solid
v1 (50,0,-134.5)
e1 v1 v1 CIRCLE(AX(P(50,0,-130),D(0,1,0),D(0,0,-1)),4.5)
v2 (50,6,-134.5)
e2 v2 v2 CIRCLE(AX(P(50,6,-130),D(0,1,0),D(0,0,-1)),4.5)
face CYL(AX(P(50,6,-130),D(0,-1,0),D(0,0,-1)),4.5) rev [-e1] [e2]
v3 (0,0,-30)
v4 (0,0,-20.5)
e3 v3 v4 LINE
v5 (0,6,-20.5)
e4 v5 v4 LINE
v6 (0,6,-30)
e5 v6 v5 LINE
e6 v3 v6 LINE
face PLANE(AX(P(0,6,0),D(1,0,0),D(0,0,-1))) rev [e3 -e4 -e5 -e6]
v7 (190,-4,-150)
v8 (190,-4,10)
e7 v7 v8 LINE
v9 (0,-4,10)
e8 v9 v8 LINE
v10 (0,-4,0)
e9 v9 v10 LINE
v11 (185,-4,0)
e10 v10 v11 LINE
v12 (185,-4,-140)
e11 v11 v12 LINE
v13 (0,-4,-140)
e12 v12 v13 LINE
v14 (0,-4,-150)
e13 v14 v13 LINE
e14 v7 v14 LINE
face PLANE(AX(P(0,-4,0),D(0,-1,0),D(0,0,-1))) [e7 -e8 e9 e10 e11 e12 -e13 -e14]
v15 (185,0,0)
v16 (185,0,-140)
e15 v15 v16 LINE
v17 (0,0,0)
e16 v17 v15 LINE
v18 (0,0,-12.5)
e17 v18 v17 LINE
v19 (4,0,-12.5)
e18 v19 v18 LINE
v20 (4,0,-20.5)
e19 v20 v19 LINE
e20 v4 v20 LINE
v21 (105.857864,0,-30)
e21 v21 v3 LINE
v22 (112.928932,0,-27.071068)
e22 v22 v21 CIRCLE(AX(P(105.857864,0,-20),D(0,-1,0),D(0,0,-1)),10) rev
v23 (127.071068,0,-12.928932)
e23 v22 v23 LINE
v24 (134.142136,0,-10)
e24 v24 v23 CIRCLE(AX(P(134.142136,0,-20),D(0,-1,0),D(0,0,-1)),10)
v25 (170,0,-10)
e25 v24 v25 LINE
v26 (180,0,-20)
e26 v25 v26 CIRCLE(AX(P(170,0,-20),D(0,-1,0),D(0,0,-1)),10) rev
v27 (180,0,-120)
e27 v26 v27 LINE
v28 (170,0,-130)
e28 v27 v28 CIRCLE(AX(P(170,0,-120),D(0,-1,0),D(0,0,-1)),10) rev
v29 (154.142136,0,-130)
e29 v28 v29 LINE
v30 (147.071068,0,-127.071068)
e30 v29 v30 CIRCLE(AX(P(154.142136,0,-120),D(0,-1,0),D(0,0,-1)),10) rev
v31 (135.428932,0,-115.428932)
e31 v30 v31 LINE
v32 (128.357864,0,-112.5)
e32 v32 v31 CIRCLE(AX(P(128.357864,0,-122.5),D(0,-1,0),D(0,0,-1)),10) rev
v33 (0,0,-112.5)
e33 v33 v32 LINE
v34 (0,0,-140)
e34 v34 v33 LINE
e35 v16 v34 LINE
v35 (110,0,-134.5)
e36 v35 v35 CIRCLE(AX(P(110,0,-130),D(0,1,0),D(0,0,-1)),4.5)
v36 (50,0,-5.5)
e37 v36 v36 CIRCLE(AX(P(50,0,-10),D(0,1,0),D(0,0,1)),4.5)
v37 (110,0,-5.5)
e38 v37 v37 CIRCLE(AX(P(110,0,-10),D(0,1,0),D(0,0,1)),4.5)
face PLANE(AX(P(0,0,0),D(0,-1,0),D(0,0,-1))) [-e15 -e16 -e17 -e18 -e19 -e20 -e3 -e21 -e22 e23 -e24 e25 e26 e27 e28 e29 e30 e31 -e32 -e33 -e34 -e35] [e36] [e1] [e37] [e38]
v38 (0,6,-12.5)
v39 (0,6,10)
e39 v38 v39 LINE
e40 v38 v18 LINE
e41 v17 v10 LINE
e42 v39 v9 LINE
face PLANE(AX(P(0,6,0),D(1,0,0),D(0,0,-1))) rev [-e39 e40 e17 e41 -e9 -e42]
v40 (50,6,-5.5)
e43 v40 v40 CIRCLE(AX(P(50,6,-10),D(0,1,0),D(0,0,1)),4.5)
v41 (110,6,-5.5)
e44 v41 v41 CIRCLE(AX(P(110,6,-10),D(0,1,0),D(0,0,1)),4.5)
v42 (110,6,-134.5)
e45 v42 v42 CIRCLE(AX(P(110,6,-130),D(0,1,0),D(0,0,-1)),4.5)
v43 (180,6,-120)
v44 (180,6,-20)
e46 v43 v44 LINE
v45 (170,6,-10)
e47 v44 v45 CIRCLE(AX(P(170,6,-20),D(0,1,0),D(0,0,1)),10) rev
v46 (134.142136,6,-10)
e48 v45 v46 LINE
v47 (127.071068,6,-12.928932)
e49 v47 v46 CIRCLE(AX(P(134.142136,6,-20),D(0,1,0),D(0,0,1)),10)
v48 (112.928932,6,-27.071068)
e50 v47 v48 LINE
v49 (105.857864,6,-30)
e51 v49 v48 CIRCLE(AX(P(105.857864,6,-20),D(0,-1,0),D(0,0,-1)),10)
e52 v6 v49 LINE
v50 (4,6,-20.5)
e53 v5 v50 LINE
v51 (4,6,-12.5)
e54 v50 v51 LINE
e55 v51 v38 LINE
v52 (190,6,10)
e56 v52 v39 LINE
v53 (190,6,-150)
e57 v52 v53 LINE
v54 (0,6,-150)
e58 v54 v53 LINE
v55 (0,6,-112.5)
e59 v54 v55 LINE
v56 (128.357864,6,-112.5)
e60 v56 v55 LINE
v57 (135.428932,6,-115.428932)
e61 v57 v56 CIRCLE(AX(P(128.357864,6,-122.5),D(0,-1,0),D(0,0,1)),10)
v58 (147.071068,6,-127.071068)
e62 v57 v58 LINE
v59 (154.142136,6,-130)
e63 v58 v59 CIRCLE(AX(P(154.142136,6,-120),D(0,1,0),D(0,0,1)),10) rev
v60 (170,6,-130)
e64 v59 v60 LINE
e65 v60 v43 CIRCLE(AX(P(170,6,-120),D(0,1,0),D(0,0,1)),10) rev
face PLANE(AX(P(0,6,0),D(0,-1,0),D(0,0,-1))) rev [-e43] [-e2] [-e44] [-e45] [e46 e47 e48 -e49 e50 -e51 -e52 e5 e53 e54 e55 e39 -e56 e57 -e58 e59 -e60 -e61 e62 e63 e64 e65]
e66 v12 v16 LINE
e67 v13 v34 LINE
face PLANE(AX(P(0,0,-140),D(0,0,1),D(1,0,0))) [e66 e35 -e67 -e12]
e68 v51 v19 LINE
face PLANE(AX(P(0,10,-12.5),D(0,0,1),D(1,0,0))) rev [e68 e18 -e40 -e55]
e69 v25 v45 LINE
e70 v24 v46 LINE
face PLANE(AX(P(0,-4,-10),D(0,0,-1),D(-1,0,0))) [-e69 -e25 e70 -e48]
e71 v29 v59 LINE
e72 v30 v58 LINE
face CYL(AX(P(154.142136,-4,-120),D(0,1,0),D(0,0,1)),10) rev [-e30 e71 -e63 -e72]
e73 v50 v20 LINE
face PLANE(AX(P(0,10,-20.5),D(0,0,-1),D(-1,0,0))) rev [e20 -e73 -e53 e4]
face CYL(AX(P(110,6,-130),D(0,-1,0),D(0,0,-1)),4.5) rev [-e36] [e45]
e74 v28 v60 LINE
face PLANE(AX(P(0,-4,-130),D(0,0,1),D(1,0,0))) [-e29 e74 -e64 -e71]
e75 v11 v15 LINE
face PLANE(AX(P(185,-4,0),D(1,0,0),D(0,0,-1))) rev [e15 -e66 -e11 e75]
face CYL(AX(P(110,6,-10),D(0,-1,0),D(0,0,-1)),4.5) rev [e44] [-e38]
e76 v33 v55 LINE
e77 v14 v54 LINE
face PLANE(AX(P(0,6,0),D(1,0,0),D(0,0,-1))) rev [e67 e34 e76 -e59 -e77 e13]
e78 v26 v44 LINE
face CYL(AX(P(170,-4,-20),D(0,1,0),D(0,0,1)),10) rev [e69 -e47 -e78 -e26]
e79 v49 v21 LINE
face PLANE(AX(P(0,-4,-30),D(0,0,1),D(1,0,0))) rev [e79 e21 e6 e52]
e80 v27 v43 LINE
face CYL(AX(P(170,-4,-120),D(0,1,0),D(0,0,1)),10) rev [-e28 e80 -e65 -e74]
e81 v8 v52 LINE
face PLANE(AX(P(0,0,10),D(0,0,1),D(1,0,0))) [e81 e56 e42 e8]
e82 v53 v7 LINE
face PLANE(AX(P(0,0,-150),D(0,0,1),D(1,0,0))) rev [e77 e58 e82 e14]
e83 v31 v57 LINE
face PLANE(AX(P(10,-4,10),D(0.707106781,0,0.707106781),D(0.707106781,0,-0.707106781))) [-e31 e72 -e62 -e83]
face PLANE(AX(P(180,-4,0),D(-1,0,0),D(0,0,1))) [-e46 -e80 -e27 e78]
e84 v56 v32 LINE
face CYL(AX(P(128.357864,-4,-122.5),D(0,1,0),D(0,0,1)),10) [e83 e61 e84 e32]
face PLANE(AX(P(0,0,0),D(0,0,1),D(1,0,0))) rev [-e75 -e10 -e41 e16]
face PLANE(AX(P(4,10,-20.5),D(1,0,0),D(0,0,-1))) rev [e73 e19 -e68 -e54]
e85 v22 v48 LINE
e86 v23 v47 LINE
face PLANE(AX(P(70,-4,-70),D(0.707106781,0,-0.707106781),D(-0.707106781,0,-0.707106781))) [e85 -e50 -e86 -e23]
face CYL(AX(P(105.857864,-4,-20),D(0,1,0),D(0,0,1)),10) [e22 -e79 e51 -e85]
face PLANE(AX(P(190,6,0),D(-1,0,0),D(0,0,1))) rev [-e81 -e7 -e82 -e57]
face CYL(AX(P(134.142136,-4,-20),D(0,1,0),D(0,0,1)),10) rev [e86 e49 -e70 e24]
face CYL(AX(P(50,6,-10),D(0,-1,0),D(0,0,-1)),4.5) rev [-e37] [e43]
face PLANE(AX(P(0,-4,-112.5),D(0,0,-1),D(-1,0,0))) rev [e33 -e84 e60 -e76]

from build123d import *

# Parameters (mm, degrees)
SKETCH1_W           = 190
SKETCH1_H           = 140
BOSS_EXTRUDE1_DEPTH = 6
CUT_EXTRUDE1_DEPTH  = 10
SKETCH4_W           = 5
SKETCH4_H           = 140
BOSS_EXTRUDE4_DEPTH = 4
SKETCH8_W           = 190
SKETCH8_H           = 10
BOSS_EXTRUDE8_DEPTH = 10
SKETCH9_W           = 190
SKETCH9_H           = 10
BOSS_EXTRUDE9_DEPTH = 10
SKETCH10_W          = 4
SKETCH10_H          = 8
CUT_EXTRUDE3_DEPTH  = 10
SKETCH11_R          = 3
CUT_EXTRUDE4_DEPTH  = 10
SKETCH12_R          = 4.5
CUT_EXTRUDE6_DEPTH  = 243.148714636
SKETCH3_W           = 150
SKETCH3_H           = 82.5
CUT_EXTRUDE7_DEPTH  = 10
CUT_EXTRUDE9_DEPTH  = 10


with BuildPart() as part:
    # Sketch1 → Boss-Extrude1 (new body)
    with BuildSketch(Plane(origin=(0, 0, 0), x_dir=(1, 0, 0), z_dir=(0, 1, 0))):
        with Locations((95, 70)):
            Rectangle(SKETCH1_W, SKETCH1_H)
    extrude(amount=BOSS_EXTRUDE1_DEPTH)

    # Sketch2 → Cut-Extrude1 (cut)
    with BuildSketch(Plane(origin=(0, 6, 0), x_dir=(1, 0, 0), z_dir=(0, 1, 0))):
        with BuildLine():
            Line((147.071067812, 127.071067812), (112.928932188, 92.928932188))
            ThreePointArc((112.928932188, 92.928932188), (109.6846987, 90.761204675), (105.857864376, 90))
            Line((105.857864376, 90), (0, 90))
            Line((0, 90), (0, 77.5))
            Line((0, 77.5), (94.092172608, 77.5))
            ThreePointArc((94.092172608, 77.5), (95.939931673, 76.265366865), (95.50638617, 74.085786438))
            Line((95.50638617, 74.085786438), (86.849531921, 65.428932188))
            ThreePointArc((86.849531921, 65.428932188), (83.605298432, 63.261204675), (79.778464109, 62.5))
            Line((79.778464109, 62.5), (30.446951372, 62.5))
            Line((30.446951372, 62.5), (0, 62.5))
            Line((0, 62.5), (0, 47.5))
            Line((0, 47.5), (88.357864376, 47.5))
            ThreePointArc((88.357864376, 47.5), (92.1846987, 46.738795325), (95.428932188, 44.571067812))
            Line((95.428932188, 44.571067812), (127.071067812, 12.928932188))
            ThreePointArc((127.071067812, 12.928932188), (130.3153013, 10.761204675), (134.142135624, 10))
            Line((134.142135624, 10), (170, 10))
            ThreePointArc((170, 10), (177.071067812, 12.928932188), (180, 20))
            Line((180, 20), (180, 120))
            ThreePointArc((180, 120), (177.071067812, 127.071067812), (170, 130))
            Line((170, 130), (154.142135624, 130))
            ThreePointArc((154.142135624, 130), (150.3153013, 129.238795325), (147.071067812, 127.071067812))
        make_face()
        with BuildLine():
            Line((94.092172608, 77.5), (0, 77.5))
            Line((0, 77.5), (0, 62.5))
            Line((0, 62.5), (30.446951372, 62.5))
            Line((30.446951372, 62.5), (79.778464109, 62.5))
            ThreePointArc((79.778464109, 62.5), (83.605298432, 63.261204675), (86.849531921, 65.428932188))
            Line((86.849531921, 65.428932188), (95.50638617, 74.085786438))
            ThreePointArc((95.50638617, 74.085786438), (95.939931673, 76.265366865), (94.092172608, 77.5))
        make_face()
    extrude(amount=-CUT_EXTRUDE1_DEPTH, mode=Mode.SUBTRACT)

    # Sketch4 → Boss-Extrude4 (add)
    with BuildSketch(Plane.XZ):
        with Locations((187.5, -70)):
            Rectangle(SKETCH4_W, SKETCH4_H)
    extrude(amount=BOSS_EXTRUDE4_DEPTH)

    # Sketch8 → Boss-Extrude8 (add)
    with BuildSketch(Plane.XY):
        with Locations((95, 1)):
            Rectangle(SKETCH8_W, SKETCH8_H)
    extrude(amount=BOSS_EXTRUDE8_DEPTH)

    # Sketch9 → Boss-Extrude9 (add)
    with BuildSketch(Plane(origin=(0, 0, -140), x_dir=(-1, 0, 0), z_dir=(0, 0, -1))):
        with Locations((-95, 1)):
            Rectangle(SKETCH9_W, SKETCH9_H)
    extrude(amount=BOSS_EXTRUDE9_DEPTH)

    # Sketch10 → Cut-Extrude3 (cut)
    with BuildSketch(Plane.XZ):
        with Locations((2, -16.5)):
            Rectangle(SKETCH10_W, SKETCH10_H)
    extrude(amount=-CUT_EXTRUDE3_DEPTH, mode=Mode.SUBTRACT)

    # Sketch11 → Cut-Extrude4 (cut)
    with BuildSketch(Plane(origin=(0, 6, 0), x_dir=(1, 0, 0), z_dir=(0, 1, 0))):
        with Locations(Location((50, 10, 0), (0, 0, 270))):
            Circle(SKETCH11_R)
        with Locations(Location((110, 10, 0), (0, 0, 270))):
            Circle(SKETCH11_R)
        with Locations(Location((110, 130, 0), (0, 0, 90))):
            Circle(SKETCH11_R)
        with Locations(Location((50, 130, 0), (0, 0, 90))):
            Circle(SKETCH11_R)
    extrude(amount=-CUT_EXTRUDE4_DEPTH, mode=Mode.SUBTRACT)

    # Sketch12 → Cut-Extrude6 (cut, through all)
    with BuildSketch(Plane(origin=(0, 0, 0), x_dir=(1, 0, 0), z_dir=(0, 1, 0))):
        with Locations(Location((50, 10, 0), (0, 0, 270))):
            Circle(SKETCH12_R)
        with Locations(Location((110, 10, 0), (0, 0, 270))):
            Circle(SKETCH12_R)
        with Locations(Location((110, 130, 0), (0, 0, 90))):
            Circle(SKETCH12_R)
        with Locations(Location((50, 130, 0), (0, 0, 90))):
            Circle(SKETCH12_R)
    extrude(amount=CUT_EXTRUDE6_DEPTH, mode=Mode.SUBTRACT)

    # Sketch3 → Cut-Extrude7 (cut)
    with BuildSketch(Plane(origin=(0, 6, 0), x_dir=(1, 0, 0), z_dir=(0, 1, 0))):
        with Locations((75, 71.25)):
            Rectangle(SKETCH3_W, SKETCH3_H)
    extrude(amount=-CUT_EXTRUDE7_DEPTH, mode=Mode.SUBTRACT)

    # Sketch14 → Cut-Extrude9 (cut)
    with BuildSketch(Plane(origin=(0, 6, 0), x_dir=(1, 0, 0), z_dir=(0, 1, 0))):
        with BuildLine():
            Line((127.071067812, 12.928932188), (112.928932188, 27.071067812))
            ThreePointArc((112.928932188, 27.071067812), (109.6846987, 29.238795325), (105.857864376, 30))
            Line((105.857864376, 30), (0, 30))
            Line((0, 30), (0, 112.5))
            Line((0, 112.5), (128.357864376, 112.5))
            ThreePointArc((128.357864376, 112.5), (132.1846987, 113.261204675), (135.428932188, 115.428932188))
            Line((135.428932188, 115.428932188), (147.071067812, 127.071067812))
            Line((147.071067812, 127.071067812), (147.071067812, 92.661701481))
            Line((147.071067812, 92.661701481), (127.071067812, 12.928932188))
        make_face()
    extrude(amount=-CUT_EXTRUDE9_DEPTH, mode=Mode.SUBTRACT)


solid = part.part
